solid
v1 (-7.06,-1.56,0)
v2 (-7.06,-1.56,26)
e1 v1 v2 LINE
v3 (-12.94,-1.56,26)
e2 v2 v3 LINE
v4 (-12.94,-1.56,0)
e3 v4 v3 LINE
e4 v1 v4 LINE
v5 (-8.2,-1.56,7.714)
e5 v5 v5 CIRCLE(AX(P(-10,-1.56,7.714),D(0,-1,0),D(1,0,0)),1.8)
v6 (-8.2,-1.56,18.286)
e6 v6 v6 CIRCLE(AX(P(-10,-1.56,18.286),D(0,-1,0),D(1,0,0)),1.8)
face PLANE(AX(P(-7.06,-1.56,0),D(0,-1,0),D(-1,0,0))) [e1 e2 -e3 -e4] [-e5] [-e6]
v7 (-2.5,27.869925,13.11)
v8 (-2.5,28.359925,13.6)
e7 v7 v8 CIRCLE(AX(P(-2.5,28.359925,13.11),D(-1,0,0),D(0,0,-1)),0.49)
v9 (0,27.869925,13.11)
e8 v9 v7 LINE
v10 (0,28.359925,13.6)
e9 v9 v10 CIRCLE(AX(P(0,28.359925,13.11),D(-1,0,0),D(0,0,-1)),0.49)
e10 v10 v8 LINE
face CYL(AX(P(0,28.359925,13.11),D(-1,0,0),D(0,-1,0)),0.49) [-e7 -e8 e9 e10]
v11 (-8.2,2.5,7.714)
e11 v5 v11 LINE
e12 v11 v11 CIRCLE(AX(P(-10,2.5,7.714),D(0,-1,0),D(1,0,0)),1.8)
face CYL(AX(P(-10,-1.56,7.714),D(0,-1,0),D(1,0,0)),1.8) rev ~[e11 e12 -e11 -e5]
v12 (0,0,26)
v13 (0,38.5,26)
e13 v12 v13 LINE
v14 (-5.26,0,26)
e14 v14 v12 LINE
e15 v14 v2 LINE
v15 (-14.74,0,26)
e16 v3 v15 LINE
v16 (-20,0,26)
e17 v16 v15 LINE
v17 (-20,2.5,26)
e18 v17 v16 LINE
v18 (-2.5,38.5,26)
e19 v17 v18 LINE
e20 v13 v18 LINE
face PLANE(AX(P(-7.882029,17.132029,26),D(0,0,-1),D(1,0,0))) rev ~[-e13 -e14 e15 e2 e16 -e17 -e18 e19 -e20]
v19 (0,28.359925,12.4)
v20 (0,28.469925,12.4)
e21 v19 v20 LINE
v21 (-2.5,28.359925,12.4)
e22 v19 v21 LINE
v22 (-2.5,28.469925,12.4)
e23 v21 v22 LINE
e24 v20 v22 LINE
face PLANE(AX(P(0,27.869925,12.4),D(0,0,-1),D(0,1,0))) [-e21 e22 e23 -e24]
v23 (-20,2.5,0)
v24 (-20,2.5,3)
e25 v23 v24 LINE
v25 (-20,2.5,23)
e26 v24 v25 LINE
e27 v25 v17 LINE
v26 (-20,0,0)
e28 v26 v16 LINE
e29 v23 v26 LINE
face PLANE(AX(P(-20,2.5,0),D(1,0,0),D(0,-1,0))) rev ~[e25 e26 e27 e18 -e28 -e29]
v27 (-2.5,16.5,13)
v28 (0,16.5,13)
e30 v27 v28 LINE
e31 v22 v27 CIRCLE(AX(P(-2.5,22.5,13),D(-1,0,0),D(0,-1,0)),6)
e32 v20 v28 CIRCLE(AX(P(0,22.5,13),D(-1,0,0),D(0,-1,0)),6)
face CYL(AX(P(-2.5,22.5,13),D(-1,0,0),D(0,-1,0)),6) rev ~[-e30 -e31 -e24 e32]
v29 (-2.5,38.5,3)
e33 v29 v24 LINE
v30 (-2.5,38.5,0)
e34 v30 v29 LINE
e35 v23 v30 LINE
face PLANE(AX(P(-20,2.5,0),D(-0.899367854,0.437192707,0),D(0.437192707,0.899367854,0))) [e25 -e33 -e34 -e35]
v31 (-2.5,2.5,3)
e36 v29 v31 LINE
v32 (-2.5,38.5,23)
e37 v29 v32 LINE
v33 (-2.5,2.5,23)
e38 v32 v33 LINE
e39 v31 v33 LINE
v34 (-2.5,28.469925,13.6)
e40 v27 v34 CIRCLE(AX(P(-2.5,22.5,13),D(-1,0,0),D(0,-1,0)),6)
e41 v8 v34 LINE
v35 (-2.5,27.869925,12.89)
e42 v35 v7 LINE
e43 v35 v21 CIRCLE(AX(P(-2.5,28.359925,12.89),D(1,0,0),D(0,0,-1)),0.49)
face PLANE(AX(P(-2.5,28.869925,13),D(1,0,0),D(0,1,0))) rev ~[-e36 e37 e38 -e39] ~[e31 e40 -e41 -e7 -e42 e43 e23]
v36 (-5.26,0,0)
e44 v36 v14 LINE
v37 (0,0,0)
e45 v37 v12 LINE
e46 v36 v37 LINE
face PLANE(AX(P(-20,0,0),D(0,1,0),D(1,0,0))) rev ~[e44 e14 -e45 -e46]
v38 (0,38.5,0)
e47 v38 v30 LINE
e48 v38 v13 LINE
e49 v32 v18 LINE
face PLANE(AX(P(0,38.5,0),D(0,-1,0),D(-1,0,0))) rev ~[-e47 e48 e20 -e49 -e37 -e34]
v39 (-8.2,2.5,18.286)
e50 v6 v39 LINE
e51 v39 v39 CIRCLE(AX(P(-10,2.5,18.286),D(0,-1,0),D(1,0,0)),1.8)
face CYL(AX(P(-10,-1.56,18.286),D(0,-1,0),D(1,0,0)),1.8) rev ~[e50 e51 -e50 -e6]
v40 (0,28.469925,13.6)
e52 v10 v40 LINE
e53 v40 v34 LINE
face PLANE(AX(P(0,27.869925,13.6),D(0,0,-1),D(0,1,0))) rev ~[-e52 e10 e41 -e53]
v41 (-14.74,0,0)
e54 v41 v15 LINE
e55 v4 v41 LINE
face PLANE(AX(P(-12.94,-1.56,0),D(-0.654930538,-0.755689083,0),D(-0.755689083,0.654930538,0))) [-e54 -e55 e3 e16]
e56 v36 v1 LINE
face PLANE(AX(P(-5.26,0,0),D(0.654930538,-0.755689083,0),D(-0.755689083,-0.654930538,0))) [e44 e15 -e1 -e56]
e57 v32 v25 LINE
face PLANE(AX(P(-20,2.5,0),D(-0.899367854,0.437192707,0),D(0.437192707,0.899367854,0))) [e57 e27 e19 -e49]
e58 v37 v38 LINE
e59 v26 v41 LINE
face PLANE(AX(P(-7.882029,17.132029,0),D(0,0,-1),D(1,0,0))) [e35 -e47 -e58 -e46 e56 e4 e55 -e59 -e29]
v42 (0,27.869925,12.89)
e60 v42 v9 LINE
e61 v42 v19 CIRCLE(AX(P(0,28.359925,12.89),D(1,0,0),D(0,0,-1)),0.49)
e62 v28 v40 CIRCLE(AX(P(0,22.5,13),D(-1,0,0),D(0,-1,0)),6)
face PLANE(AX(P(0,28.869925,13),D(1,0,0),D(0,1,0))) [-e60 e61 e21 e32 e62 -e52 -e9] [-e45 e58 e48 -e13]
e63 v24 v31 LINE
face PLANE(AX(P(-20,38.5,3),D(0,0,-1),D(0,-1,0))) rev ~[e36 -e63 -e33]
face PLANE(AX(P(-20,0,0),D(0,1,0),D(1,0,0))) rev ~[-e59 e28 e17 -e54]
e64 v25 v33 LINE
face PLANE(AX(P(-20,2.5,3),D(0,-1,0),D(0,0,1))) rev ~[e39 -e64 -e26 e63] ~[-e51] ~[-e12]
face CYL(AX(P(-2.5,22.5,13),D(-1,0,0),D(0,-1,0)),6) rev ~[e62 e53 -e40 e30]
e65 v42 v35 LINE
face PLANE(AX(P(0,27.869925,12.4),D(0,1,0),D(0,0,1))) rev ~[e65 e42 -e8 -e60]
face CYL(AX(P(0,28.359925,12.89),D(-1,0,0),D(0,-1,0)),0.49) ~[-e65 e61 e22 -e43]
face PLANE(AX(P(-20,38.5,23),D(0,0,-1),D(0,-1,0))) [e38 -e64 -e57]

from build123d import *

# Parameters (mm, degrees)
PAD_DEPTH       = 26
PAD001_DEPTH    = 26
SKETCH002_W     = 36
SKETCH002_H     = 20
POCKET_DEPTH    = 17.5
PAD002_DEPTH    = 26
SKETCH004_R     = 1.8
POCKET001_DEPTH = 40.061
SKETCH005_R     = 6
POCKET002_DEPTH = 2.501
SKETCH006_W     = 2
SKETCH006_H     = 1.2
PAD003_DEPTH    = 2.5
FILLET_R        = 0.49


with BuildPart() as part:
    # Sketch → Pad (new body)
    with BuildSketch(Plane.XY):
        Polygon((0, 0), (0, 38.5), (-2.5, 38.5), (-2.5, 2.5), (-20, 2.5), (-20, 0), align=None)
    extrude(amount=PAD_DEPTH)

    # Sketch001 (on Face7 of Pad) → Pad001 (join)
    with BuildSketch(Plane(origin=(0, 0, 0), x_dir=(1, 0, 0), z_dir=(0, 0, -1))):
        Polygon((-20, -2.5), (-2.5, -38.5), (-2.5, -2.5), align=None)
    extrude(amount=-PAD001_DEPTH)

    # Sketch002 (on Face6 of Pad001) → Pocket (cut)
    with BuildSketch(Plane(origin=(-20, 0, 0), x_dir=(0, -1, 0), z_dir=(-1, 0, 0))):
        with Locations((-20.5, 13)):
            Rectangle(SKETCH002_W, SKETCH002_H)
    extrude(amount=-POCKET_DEPTH, mode=Mode.SUBTRACT)

    # Sketch003 (on Face4 of Pocket) → Pad002 (join)
    with BuildSketch(Plane(origin=(0, 0, 0), x_dir=(1, 0, 0), z_dir=(0, 0, -1))):
        Polygon((-14.74, 0), (-5.26, 0), (-7.06, 1.56), (-12.94, 1.56), align=None)
    extrude(amount=-PAD002_DEPTH)

    # Sketch004 (on Face16 of Pad002) → Pocket001 (cut, through all)
    with BuildSketch(Plane.XZ.offset(1.56)):
        with Locations((-10, 18.286)):
            Circle(SKETCH004_R)
        with Locations((-10, 7.714)):
            Circle(SKETCH004_R)
    extrude(amount=-POCKET001_DEPTH, mode=Mode.SUBTRACT)

    # Sketch005 (on Face8 of Pocket001) → Pocket002 (cut, through all)
    with BuildSketch(Plane(origin=(-2.5, 0, 0), x_dir=(0, -1, 0), z_dir=(-1, 0, 0))):
        with Locations((-22.5, 13)):
            Circle(SKETCH005_R)
    extrude(amount=-POCKET002_DEPTH, mode=Mode.SUBTRACT)

    # Sketch006 (on Face1 of Pocket002) → Pad003 (join)
    with BuildSketch(Plane.YZ):
        with Locations((28.869925, 13)):
            Rectangle(SKETCH006_W, SKETCH006_H)
    extrude(amount=-PAD003_DEPTH)

    # Fillet
    fillet_edges = [part.edges().sort_by_distance(p)[0] for p in [
        (-1.25, 27.869925, 12.4),
        (-1.25, 27.869925, 13.6),
    ]]
    fillet(fillet_edges, radius=FILLET_R)


solid = part.part
